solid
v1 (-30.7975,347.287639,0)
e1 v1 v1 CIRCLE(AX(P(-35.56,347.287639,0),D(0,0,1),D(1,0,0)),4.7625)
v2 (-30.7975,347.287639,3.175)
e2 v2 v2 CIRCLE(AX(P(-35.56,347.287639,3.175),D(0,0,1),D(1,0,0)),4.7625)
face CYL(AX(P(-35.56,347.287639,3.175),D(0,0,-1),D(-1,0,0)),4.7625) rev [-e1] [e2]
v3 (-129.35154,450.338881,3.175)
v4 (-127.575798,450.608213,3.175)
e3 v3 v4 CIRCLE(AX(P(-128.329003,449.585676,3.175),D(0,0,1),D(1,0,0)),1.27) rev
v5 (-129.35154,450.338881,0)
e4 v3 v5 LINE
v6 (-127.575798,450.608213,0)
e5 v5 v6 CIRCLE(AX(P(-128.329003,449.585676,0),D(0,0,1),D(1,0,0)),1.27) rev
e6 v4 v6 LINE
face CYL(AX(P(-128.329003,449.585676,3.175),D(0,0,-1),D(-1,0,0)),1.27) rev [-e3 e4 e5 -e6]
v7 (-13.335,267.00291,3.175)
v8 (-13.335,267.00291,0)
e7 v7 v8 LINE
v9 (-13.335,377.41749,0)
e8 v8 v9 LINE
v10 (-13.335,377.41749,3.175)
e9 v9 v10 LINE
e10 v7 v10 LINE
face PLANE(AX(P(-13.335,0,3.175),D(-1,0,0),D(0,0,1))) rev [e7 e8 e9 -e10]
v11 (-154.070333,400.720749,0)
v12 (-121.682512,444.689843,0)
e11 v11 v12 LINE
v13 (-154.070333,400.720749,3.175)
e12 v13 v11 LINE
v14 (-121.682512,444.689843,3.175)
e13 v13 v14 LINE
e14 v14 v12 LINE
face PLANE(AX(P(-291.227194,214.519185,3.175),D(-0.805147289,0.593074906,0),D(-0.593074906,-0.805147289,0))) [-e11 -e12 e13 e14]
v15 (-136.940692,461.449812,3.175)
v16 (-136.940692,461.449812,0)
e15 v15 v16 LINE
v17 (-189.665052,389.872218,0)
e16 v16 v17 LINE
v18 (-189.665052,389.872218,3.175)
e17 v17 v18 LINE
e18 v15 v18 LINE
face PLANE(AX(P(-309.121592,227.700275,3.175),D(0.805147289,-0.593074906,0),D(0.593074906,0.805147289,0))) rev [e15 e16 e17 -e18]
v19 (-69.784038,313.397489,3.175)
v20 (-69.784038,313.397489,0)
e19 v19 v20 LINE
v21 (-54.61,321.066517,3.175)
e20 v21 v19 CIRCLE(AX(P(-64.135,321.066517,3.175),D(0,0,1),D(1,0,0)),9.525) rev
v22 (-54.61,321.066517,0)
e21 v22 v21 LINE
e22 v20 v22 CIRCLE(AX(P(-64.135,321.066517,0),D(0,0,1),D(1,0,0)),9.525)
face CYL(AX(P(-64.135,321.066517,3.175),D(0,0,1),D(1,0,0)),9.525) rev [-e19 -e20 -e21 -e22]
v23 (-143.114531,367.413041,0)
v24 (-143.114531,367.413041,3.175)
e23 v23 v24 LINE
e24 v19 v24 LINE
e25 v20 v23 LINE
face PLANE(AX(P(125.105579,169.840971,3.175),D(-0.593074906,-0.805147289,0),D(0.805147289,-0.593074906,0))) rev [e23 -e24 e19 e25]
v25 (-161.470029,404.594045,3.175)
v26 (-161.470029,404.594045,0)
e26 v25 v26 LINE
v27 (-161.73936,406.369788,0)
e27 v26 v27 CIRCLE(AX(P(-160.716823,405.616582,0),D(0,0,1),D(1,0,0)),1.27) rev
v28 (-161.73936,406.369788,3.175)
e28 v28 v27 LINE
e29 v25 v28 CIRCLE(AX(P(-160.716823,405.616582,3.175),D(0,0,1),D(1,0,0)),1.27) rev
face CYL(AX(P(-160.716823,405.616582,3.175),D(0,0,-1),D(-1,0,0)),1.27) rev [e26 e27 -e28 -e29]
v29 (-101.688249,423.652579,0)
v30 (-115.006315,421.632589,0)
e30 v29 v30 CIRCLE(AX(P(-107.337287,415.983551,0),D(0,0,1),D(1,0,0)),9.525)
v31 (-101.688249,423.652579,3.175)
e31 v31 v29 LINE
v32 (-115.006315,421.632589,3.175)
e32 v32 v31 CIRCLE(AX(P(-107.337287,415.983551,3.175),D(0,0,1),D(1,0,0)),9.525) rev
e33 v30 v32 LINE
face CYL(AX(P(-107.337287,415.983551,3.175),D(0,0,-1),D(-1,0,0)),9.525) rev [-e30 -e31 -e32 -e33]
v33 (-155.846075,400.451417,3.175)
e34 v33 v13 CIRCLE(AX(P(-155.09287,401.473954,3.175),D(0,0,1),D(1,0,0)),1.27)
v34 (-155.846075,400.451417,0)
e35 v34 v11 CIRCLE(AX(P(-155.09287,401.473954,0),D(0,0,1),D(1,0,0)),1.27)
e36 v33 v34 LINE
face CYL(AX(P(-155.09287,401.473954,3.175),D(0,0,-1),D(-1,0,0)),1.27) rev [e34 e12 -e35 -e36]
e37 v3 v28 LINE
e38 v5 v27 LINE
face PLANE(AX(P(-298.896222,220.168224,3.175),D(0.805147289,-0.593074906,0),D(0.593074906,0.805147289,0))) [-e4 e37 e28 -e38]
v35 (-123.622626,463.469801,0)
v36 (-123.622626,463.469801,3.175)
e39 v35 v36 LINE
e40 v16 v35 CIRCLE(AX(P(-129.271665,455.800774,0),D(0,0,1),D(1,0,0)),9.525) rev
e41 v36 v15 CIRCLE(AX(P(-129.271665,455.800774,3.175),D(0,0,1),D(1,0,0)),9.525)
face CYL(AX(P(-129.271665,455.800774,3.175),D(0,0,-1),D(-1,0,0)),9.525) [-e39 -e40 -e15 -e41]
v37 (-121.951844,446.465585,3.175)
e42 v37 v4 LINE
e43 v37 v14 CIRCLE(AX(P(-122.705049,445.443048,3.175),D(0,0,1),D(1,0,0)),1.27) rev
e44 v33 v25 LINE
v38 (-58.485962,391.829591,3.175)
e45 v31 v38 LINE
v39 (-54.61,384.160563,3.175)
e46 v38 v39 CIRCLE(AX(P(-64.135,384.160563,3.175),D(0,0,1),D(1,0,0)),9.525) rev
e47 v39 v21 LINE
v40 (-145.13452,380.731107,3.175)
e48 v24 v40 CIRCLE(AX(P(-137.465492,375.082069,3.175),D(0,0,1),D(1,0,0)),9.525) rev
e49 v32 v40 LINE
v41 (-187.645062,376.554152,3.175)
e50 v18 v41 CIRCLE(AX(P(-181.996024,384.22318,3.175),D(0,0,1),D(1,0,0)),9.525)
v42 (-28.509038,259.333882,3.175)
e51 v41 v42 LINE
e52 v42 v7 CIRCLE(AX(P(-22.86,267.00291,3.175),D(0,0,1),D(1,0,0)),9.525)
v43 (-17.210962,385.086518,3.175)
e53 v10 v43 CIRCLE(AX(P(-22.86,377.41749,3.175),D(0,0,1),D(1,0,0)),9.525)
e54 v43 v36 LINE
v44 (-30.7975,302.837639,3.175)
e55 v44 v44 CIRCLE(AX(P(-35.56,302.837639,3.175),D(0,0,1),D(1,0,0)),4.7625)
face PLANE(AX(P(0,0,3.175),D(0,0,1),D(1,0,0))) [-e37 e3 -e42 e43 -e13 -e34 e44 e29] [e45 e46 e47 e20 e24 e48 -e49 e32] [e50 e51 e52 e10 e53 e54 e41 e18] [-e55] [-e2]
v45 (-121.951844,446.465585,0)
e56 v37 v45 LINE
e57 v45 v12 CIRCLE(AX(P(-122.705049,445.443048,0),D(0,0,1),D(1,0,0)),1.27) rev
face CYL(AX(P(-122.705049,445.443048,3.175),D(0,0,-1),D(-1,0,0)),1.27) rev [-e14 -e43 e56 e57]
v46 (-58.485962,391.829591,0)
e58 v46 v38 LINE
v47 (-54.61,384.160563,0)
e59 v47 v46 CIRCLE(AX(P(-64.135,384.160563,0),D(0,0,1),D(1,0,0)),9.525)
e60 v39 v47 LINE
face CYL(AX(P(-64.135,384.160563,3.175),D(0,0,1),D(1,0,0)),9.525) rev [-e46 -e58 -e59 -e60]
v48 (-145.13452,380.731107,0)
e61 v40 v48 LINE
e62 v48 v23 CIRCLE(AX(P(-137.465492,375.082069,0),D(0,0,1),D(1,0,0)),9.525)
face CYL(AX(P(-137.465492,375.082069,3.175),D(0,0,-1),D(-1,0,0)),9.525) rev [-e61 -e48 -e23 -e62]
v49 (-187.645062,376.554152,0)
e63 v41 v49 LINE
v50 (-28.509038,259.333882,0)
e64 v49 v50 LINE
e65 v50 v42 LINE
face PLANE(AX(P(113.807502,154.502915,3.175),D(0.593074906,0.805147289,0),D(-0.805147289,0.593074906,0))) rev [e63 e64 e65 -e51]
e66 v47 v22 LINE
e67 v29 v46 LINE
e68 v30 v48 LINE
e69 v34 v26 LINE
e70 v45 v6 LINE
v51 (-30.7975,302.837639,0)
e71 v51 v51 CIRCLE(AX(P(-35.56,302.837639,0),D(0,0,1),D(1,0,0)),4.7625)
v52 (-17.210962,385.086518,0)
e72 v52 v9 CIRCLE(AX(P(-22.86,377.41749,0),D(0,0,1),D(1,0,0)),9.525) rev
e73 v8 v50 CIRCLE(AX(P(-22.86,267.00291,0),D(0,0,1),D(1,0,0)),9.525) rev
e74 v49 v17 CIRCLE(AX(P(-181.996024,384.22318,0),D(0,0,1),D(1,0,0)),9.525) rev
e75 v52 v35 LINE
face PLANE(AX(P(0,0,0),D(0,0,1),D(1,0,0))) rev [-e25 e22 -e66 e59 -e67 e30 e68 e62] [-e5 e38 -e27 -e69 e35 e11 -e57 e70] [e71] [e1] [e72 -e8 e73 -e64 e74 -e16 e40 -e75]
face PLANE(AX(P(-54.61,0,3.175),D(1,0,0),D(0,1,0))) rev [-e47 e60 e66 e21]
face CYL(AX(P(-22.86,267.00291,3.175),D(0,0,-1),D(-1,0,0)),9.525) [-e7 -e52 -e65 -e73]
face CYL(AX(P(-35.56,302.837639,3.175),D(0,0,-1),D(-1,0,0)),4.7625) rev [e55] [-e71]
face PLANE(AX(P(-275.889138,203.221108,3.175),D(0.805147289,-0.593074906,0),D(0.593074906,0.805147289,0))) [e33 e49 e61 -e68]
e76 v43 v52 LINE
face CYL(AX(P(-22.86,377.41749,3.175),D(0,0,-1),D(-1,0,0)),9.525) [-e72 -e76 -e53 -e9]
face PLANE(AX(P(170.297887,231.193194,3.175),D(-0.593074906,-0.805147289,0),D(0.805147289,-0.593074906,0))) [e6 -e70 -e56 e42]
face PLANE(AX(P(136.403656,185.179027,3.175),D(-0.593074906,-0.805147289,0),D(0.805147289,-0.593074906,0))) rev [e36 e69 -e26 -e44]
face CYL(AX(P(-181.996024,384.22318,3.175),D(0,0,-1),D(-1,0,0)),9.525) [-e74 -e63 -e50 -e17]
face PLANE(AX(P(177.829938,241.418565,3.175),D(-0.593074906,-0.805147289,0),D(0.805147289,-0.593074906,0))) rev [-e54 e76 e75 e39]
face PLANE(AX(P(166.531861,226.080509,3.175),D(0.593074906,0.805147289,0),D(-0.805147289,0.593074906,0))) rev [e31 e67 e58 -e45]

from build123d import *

# Parameters (mm, degrees)
SKETCH1_R           = 4.7625
BOSS_EXTRUDE1_DEPTH = 3.175
FILLET1_R           = 9.525


with BuildPart() as part:
    # Sketch1 → Boss-Extrude1 (new body)
    with BuildSketch(Plane.XY):
        Polygon((-195.314090033, 382.203190117), (-13.335, 248.156621006), (-13.335, 382.231468598), (-131.291653964, 469.118839915), align=None)
        with Locations((-35.56, 302.837639338)):
            Circle(SKETCH1_R, mode=Mode.SUBTRACT)
        with Locations((-35.56, 347.287639338)):
            Circle(SKETCH1_R, mode=Mode.SUBTRACT)
        with BuildLine():
            ThreePointArc((-154.070332508, 400.720749088), (-154.902423133, 400.218314877), (-155.846074695, 400.451417162))
            Line((-155.846074695, 400.451417162), (-161.470028505, 404.594045378))
            ThreePointArc((-161.470028505, 404.594045378), (-161.972462717, 405.426136003), (-161.739360431, 406.369787565))
            Line((-161.739360431, 406.369787565), (-129.351539832, 450.338880992))
            ThreePointArc((-129.351539832, 450.338880992), (-128.519449207, 450.841315204), (-127.575797645, 450.608212918))
            Line((-127.575797645, 450.608212918), (-121.951843834, 446.465584702))
            ThreePointArc((-121.951843834, 446.465584702), (-121.449409623, 445.633494077), (-121.682511908, 444.689842516))
            Line((-121.682511908, 444.689842516), (-154.070332508, 400.720749088))
        make_face(mode=Mode.SUBTRACT)
        Polygon((-150.783558745, 373.062079232), (-109.357276582, 429.301617336), (-54.61, 388.974541337), (-54.61, 302.220228189), (-96.036282162, 332.735003232), align=None, mode=Mode.SUBTRACT)
    extrude(amount=BOSS_EXTRUDE1_DEPTH)

    # Fillet1
    fillet1_edges = [part.edges().sort_by_distance(p)[0] for p in [
        (-54.61, 388.974541337, 1.5875),
        (-109.357276582, 429.301617336, 1.5875),
        (-150.783558745, 373.062079232, 1.5875),
        (-54.61, 302.220228189, 1.5875),
        (-131.291653964, 469.118839915, 1.5875),
        (-13.335, 382.231468598, 1.5875),
        (-13.335, 248.156621006, 1.5875),
        (-195.314090033, 382.203190117, 1.5875),
    ]]
    fillet(fillet1_edges, radius=FILLET1_R)


solid = part.part
